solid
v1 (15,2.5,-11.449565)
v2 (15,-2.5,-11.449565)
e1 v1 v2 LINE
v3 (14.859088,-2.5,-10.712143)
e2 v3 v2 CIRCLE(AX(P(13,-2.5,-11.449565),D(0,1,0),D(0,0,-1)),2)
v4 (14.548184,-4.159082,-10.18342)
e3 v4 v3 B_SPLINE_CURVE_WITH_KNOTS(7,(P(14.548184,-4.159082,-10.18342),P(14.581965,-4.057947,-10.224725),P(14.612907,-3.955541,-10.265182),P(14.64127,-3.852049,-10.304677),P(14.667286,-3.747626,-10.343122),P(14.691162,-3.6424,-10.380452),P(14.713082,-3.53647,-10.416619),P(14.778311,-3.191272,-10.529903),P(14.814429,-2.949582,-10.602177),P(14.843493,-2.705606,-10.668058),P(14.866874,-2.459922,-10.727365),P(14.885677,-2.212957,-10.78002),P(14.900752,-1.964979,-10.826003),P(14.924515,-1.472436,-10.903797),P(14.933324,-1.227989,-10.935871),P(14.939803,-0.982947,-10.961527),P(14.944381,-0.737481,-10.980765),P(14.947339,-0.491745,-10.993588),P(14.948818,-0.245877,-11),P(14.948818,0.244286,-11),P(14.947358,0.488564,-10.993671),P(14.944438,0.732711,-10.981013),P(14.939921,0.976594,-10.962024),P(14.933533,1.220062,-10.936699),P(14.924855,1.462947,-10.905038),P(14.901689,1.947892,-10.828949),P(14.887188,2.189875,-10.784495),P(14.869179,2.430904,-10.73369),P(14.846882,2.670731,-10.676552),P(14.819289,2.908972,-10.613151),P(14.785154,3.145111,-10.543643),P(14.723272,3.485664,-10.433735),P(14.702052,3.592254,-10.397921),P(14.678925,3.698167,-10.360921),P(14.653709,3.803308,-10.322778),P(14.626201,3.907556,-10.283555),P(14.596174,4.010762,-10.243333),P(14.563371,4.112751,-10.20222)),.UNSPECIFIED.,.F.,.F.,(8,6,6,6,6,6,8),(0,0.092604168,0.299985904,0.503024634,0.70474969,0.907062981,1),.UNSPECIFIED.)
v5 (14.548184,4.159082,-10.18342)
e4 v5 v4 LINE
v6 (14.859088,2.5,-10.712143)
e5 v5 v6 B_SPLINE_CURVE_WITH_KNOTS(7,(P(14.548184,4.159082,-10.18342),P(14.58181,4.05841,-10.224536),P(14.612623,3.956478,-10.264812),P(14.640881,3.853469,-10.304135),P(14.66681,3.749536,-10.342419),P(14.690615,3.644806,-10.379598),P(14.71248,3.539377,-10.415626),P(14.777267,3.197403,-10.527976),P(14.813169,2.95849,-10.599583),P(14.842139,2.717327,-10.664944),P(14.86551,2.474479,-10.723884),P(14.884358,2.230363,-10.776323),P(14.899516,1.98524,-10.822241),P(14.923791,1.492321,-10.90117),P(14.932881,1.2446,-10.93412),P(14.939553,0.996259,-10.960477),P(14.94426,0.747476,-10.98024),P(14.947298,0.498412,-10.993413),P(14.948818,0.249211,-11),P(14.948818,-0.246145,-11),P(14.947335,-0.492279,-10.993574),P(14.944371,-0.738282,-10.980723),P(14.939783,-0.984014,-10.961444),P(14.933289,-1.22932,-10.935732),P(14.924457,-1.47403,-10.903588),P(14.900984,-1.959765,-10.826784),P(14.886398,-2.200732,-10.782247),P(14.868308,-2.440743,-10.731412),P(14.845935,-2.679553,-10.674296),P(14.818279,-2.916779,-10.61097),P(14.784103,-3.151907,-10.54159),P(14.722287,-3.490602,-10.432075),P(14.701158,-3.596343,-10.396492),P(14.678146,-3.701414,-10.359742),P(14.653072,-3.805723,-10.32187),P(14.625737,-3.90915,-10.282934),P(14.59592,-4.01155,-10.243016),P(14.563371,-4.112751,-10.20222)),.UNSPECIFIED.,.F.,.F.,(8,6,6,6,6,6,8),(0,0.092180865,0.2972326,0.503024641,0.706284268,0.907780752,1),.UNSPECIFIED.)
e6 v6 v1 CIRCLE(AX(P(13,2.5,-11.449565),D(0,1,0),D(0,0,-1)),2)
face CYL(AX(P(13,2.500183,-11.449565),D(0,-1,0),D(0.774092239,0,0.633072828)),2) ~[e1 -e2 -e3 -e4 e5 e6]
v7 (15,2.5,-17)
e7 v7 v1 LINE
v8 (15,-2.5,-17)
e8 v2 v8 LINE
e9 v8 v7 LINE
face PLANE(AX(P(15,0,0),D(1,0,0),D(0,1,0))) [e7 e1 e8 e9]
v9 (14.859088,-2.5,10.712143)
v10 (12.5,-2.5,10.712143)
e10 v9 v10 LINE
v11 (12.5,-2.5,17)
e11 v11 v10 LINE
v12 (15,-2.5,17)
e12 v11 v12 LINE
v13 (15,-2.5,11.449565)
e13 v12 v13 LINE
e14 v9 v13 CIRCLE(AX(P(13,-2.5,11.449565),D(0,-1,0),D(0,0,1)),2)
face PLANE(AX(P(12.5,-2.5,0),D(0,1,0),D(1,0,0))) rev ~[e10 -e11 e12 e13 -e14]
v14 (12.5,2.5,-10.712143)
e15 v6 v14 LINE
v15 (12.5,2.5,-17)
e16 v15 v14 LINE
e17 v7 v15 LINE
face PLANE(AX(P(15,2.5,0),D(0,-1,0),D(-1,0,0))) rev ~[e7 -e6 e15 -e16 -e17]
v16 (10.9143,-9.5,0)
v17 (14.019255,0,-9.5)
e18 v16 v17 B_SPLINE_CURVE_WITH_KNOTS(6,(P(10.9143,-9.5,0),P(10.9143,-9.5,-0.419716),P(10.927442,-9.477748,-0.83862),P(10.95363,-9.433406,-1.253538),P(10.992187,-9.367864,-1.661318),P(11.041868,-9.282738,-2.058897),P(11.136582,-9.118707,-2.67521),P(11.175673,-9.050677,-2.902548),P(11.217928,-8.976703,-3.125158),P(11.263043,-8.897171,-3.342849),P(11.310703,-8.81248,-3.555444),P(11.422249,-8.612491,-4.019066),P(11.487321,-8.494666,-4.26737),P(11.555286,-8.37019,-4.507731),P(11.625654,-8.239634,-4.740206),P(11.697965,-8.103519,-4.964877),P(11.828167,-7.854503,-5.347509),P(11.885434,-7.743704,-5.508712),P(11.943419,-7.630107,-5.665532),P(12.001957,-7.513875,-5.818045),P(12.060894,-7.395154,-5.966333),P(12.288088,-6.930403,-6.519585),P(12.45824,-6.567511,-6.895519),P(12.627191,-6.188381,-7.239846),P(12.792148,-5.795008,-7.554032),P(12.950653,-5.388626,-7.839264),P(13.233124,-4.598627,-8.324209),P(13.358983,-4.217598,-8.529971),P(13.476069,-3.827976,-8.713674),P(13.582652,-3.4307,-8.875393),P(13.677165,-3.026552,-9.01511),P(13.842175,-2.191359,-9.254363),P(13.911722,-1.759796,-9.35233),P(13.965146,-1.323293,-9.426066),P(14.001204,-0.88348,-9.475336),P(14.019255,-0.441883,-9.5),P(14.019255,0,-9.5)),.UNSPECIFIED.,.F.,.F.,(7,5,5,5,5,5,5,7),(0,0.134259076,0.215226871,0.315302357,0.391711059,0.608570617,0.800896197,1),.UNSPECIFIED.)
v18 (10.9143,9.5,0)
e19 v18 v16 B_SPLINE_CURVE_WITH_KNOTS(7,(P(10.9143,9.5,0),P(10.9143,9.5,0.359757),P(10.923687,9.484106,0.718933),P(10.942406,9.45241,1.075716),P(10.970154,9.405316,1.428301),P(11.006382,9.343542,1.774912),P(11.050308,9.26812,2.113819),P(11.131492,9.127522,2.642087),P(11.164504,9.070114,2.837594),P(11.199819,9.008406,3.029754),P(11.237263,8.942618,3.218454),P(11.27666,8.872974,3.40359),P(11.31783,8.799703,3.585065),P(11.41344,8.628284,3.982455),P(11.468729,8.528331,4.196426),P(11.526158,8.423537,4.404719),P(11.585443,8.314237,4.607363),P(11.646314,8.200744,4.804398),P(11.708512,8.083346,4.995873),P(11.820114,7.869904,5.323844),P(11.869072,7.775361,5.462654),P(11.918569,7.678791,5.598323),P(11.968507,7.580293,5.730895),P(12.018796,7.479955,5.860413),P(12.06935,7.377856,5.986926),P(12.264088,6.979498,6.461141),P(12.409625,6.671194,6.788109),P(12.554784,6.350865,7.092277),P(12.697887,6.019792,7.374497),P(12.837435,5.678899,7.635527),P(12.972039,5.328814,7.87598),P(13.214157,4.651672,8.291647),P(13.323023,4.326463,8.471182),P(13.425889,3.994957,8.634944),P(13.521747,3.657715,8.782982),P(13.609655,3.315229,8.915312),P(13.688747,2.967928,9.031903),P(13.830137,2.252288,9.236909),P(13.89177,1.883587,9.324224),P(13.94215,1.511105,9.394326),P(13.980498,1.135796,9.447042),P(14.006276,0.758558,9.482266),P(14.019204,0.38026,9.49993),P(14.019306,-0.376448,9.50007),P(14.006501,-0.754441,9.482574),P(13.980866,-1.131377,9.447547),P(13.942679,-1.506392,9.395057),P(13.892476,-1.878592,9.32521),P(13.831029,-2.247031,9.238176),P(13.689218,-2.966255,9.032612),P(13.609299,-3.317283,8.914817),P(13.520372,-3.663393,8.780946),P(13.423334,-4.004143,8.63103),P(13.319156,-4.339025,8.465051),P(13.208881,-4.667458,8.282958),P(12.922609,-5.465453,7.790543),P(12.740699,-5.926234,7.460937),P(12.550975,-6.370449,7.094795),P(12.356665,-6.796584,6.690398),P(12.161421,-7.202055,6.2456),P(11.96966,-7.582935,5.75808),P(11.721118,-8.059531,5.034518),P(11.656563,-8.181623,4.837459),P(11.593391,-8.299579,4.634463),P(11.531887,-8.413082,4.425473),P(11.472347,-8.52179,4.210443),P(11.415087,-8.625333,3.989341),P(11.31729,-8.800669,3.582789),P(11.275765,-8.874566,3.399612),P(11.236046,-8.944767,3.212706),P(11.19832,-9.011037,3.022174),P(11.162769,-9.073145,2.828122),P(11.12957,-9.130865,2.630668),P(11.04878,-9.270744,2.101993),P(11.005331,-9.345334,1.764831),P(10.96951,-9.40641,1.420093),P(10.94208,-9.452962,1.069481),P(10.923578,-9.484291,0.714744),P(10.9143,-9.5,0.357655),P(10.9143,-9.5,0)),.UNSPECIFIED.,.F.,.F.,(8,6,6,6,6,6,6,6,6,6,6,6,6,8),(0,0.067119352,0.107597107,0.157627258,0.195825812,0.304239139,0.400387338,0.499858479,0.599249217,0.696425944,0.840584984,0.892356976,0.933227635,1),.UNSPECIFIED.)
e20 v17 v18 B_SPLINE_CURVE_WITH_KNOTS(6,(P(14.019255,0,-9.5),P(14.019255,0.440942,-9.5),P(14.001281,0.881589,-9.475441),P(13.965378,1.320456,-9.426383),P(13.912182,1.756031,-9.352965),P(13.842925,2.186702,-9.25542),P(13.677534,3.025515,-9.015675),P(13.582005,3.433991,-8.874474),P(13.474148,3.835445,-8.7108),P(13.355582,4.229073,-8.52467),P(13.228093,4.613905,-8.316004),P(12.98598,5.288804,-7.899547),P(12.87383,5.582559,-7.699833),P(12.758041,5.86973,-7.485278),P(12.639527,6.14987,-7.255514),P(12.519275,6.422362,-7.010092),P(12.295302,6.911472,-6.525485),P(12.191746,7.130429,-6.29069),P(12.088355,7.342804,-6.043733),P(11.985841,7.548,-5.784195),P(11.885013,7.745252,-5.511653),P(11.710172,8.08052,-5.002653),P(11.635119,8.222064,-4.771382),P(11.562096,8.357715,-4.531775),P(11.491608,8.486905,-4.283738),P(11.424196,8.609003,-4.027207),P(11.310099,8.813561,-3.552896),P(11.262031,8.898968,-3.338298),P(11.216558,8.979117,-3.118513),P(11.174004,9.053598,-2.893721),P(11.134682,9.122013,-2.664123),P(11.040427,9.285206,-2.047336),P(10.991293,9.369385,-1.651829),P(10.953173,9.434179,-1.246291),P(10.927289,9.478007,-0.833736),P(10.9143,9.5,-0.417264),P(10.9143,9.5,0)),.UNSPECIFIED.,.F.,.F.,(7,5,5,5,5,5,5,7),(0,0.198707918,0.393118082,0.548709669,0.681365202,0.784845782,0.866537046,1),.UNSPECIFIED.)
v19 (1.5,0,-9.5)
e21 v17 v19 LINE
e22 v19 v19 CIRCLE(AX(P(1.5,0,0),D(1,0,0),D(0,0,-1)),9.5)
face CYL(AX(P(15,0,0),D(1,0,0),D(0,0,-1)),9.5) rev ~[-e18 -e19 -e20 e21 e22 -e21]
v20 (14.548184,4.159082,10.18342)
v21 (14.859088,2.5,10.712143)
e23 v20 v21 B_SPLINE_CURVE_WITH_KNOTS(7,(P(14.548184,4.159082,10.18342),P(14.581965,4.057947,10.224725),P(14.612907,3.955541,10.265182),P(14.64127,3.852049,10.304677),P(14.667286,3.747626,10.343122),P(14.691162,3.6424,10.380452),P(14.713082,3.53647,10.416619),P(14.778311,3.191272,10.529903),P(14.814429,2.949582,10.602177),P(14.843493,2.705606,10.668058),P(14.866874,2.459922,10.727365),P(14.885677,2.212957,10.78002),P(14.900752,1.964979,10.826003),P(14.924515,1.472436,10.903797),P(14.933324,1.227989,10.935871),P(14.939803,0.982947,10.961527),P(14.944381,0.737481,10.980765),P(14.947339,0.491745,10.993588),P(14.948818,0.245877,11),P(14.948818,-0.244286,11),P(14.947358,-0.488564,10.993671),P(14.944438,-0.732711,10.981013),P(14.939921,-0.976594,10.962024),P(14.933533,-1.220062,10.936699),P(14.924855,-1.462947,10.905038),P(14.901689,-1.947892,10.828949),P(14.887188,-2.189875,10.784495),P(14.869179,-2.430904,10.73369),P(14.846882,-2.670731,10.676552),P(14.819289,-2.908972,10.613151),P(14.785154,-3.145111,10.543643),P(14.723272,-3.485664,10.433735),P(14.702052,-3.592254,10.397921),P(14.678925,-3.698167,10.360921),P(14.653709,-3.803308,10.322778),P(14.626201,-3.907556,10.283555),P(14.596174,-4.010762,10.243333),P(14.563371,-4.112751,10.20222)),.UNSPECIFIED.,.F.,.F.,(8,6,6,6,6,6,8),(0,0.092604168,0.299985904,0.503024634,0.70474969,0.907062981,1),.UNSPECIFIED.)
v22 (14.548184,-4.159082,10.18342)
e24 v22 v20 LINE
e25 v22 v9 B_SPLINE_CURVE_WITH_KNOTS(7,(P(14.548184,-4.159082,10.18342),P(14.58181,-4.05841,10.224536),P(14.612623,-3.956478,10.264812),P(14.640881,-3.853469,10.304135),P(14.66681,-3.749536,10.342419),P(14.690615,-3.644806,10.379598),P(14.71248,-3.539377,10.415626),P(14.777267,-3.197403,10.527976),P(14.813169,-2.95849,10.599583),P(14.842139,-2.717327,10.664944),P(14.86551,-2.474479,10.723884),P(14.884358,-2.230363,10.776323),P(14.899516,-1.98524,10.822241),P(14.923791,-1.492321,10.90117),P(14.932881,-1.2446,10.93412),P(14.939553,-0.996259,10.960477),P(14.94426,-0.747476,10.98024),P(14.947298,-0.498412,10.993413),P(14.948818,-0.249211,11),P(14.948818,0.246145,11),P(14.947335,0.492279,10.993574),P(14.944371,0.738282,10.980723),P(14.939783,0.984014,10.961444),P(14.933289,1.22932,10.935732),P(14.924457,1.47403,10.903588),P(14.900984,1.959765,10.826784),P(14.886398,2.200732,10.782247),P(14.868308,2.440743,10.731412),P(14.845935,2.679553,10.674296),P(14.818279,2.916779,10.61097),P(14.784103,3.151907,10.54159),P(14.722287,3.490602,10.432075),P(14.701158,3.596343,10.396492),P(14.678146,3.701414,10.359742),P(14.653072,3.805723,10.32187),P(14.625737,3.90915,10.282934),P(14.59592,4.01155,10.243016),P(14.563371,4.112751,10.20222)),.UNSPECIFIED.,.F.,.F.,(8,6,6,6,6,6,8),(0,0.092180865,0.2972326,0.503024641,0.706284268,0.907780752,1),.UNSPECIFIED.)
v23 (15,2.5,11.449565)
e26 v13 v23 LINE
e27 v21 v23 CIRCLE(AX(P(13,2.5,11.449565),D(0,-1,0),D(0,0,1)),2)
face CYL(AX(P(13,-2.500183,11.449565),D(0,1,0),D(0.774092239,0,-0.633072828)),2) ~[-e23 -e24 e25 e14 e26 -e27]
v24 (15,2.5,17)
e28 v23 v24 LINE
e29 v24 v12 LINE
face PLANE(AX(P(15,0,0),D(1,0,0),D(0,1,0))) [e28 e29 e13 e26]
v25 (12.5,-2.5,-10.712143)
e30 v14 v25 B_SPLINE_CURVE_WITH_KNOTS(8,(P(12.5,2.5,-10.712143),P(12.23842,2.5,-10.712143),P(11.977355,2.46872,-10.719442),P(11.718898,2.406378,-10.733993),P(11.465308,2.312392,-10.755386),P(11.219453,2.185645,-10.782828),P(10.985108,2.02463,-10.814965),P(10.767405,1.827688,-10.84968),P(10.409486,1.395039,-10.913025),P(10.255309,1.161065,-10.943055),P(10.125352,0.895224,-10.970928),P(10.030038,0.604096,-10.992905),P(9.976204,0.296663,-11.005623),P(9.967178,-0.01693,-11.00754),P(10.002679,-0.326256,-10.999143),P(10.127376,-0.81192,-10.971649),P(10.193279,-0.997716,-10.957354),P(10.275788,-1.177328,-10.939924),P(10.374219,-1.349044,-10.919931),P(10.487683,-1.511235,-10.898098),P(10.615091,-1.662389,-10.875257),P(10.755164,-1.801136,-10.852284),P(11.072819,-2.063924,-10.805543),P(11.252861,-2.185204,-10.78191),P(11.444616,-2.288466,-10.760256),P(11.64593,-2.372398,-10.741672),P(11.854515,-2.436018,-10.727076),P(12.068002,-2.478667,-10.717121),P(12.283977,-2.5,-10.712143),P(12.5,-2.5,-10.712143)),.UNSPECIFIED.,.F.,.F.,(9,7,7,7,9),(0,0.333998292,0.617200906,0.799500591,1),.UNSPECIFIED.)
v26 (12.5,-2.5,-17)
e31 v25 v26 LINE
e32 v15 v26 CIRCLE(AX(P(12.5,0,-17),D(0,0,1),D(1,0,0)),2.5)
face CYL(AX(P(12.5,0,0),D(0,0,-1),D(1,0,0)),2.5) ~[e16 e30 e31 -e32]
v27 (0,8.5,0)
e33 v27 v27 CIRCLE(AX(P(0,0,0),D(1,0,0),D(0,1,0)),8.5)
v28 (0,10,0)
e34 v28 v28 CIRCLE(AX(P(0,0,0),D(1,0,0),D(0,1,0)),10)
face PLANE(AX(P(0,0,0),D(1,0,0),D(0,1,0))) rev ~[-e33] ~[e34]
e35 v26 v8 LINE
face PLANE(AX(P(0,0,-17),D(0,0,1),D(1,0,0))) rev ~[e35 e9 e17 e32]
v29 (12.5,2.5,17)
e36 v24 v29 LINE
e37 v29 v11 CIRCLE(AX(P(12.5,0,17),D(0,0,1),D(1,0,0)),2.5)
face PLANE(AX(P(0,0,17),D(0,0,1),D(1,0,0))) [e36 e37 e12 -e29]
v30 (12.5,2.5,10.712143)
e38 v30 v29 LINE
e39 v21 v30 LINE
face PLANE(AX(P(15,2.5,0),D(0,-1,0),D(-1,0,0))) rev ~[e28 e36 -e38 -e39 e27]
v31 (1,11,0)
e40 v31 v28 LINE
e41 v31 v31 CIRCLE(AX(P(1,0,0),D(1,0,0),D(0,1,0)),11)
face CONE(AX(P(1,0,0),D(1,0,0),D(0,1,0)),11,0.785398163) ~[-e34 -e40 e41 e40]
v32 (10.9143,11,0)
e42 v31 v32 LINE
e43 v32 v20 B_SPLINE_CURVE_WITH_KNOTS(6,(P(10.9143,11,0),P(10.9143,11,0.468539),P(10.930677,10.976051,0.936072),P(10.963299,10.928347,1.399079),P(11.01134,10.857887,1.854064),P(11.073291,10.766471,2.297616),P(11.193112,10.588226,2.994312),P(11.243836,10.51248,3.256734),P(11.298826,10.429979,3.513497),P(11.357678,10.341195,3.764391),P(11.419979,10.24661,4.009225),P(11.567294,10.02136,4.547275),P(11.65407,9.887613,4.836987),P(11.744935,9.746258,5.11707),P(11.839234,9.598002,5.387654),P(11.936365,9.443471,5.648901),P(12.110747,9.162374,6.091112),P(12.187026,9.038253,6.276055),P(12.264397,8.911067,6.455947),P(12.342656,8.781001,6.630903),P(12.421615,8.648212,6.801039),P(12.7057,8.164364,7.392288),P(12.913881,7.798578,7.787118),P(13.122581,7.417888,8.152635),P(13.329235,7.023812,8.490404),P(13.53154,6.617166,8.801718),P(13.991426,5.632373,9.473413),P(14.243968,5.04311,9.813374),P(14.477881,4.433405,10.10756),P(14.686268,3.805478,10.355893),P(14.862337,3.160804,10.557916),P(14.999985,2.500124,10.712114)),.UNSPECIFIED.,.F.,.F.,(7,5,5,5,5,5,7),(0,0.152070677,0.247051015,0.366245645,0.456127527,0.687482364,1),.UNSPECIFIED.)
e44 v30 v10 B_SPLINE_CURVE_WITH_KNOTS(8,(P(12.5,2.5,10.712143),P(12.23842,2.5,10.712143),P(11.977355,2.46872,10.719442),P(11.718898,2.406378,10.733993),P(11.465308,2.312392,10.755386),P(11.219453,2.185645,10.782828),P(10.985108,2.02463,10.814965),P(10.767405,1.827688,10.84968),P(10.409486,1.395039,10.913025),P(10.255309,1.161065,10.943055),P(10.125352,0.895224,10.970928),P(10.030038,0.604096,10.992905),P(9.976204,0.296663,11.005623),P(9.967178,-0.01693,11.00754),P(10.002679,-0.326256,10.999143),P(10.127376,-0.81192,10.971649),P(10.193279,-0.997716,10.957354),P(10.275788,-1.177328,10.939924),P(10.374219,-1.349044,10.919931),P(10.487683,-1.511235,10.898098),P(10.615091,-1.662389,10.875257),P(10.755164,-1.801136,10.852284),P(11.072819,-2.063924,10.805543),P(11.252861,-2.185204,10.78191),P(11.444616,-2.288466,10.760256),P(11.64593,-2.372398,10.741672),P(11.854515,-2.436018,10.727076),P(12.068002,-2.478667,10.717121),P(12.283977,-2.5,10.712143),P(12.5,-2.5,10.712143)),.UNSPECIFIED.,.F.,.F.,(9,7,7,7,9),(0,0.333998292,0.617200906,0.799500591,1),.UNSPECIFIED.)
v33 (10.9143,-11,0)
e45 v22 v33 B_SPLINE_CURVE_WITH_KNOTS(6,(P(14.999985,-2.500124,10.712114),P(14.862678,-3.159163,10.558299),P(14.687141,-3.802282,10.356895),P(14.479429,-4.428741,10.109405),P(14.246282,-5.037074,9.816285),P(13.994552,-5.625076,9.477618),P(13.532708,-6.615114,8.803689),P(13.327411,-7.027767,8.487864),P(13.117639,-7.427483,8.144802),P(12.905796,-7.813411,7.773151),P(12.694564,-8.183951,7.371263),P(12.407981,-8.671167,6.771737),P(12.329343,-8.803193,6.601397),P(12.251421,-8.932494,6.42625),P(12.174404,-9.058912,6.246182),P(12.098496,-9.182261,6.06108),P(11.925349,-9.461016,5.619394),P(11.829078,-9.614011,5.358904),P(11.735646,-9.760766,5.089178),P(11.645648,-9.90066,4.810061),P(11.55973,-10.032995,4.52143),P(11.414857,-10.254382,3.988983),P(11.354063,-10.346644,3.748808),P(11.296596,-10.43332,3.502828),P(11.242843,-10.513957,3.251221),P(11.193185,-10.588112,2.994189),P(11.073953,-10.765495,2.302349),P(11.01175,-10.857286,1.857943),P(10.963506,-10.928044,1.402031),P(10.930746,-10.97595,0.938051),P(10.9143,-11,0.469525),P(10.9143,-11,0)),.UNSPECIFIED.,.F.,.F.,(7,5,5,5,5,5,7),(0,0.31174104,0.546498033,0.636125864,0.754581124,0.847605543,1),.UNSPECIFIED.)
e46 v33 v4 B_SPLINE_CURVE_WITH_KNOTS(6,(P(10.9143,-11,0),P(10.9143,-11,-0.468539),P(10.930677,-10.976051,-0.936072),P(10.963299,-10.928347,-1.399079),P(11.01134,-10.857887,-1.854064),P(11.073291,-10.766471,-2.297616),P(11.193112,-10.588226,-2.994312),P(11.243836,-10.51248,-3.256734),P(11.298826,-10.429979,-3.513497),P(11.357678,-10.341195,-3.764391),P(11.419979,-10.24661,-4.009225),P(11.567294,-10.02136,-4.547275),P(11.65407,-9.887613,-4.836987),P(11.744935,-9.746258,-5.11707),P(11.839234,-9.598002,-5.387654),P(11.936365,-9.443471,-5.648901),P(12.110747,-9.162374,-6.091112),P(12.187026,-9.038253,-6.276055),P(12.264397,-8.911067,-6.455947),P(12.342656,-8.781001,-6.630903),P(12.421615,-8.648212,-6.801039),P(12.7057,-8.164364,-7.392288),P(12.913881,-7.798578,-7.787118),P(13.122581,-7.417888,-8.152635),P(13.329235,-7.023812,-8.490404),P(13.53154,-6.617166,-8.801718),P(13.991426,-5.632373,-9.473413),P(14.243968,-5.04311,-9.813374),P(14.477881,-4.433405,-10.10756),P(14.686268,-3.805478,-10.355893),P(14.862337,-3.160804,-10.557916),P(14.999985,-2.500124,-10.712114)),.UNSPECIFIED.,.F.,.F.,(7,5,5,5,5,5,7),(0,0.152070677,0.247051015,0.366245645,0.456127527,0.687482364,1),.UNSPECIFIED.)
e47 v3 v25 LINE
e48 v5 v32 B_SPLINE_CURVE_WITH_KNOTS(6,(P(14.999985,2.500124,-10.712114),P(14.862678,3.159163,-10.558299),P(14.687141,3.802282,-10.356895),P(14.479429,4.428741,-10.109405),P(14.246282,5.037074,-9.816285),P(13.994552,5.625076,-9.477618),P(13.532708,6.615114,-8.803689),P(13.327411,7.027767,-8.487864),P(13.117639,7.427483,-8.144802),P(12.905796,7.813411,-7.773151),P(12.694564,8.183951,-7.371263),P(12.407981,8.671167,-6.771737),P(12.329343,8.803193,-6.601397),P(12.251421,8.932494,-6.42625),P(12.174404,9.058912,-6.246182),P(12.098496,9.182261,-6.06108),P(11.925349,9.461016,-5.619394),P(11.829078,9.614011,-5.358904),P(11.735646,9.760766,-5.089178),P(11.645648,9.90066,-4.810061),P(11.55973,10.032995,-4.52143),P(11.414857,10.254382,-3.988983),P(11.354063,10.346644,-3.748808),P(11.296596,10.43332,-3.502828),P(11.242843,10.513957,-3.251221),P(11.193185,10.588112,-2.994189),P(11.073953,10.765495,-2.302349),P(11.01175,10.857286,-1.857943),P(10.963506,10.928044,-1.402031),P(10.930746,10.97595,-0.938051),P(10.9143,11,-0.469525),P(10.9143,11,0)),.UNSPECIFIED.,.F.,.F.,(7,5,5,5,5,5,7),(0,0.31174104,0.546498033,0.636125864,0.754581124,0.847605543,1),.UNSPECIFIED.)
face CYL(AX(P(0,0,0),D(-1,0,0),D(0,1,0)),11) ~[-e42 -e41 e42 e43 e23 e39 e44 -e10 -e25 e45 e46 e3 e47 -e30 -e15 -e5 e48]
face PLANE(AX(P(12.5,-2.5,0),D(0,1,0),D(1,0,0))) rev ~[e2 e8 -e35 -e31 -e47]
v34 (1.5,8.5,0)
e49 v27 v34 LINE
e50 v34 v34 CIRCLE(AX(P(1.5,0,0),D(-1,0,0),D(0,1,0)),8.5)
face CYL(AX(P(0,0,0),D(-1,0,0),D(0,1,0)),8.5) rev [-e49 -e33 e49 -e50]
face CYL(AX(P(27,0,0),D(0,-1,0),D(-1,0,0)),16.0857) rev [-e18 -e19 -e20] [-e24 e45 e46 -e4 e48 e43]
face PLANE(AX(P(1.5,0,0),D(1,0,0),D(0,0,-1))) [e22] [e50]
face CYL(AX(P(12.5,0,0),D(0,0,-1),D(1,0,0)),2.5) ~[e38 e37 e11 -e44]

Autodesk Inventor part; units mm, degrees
ref_plane "YZ Plane" through (0, 0, 0) normal (1, 0, 0) x (0, 1, 0)
ref_plane "XZ Plane" through (0, 0, 0) normal (0, 1, 0) x (-1, 0, 0)
ref_plane "XY Plane" through (0, 0, 0) normal (0, 0, 1) x (1, 0, 0)
sketch "Sketch1" plane through (0, 0, 0) normal (1, 0, 0) x (0, 1, 0)
  circle A0 centre (0, 0) radius 11
  circle A1 centre (0, 0) radius 8.5
  dimension "d0" = 22
  dimension "d3" = 17
extrude "Extrusion1" add sketch "Sketch1" along normal blind 15
sketch "Sketch2" plane through (0, 0, 0) normal (0, 0, 1) x (1, 0, 0)
  line L0 (17.5, 2.5) -> (12.5, 2.5)
  line L1 (12.5, 2.5) -> (12.5, -2.5)
  line L2 (12.5, -2.5) -> (17.5, -2.5)
  line L3 (17.5, -2.5) -> (17.5, 2.5)
  line L4 (15, -11) -> (15, 11) projected
  line L5 (17.5, 2.5) -> (12.5, -2.5) construction
  line L6 (12.5, 2.5) -> (17.5, -2.5) construction
  circle A0 centre (12.5, 0) radius 2.5
  point P0 (0, 0)
  point P1 (15, 0)
  point P2 (15, -2.5)
  point P3 (15, 2.5)
  dimension "d4" = 5
  dimension "d5" = 5
extrude "Extrusion2" add sketch "Sketch2" along normal mid plane 34 contours L4 A0 L0 | A0 L1 | L1 A0 | L4 L2 A0
sketch "Sketch3" plane through (15, 0, 0) normal (1, 0, 0) x (0, 0, -1)
  circle A0 centre (0, 0) radius 9.5
  dimension "d8" = 19
extrude "Extrusion3" cut sketch "Sketch3" against normal blind 13.5
chamfer "Chamfer1" distance 1 angle 45 1 edges at (0, -11, 0)
sketch "Sketch4" plane through (0, 0, 0) normal (0, 1, 0) x (-1, 0, 0)
  line L0 (-15, 10.7121) -> (-15, -10.7121) projected
  circle A0 centre (-27, 0) radius 16.0857
  line L1 (-15, 0) -> (-27, 0) construction
  point P0 (0, 0)
  dimension "d14" = 12
extrude "Extrusion4" cut sketch "Sketch4" along normal through all both and the other way through all contours A0 L0 picked at (-13.6381, 0)
fillet "Fillet1" radius 2 2 edges at (15, 0, -10.7121) (15, 0, 10.7121)
properties part number "Cup" material "Aluminum 6061"
